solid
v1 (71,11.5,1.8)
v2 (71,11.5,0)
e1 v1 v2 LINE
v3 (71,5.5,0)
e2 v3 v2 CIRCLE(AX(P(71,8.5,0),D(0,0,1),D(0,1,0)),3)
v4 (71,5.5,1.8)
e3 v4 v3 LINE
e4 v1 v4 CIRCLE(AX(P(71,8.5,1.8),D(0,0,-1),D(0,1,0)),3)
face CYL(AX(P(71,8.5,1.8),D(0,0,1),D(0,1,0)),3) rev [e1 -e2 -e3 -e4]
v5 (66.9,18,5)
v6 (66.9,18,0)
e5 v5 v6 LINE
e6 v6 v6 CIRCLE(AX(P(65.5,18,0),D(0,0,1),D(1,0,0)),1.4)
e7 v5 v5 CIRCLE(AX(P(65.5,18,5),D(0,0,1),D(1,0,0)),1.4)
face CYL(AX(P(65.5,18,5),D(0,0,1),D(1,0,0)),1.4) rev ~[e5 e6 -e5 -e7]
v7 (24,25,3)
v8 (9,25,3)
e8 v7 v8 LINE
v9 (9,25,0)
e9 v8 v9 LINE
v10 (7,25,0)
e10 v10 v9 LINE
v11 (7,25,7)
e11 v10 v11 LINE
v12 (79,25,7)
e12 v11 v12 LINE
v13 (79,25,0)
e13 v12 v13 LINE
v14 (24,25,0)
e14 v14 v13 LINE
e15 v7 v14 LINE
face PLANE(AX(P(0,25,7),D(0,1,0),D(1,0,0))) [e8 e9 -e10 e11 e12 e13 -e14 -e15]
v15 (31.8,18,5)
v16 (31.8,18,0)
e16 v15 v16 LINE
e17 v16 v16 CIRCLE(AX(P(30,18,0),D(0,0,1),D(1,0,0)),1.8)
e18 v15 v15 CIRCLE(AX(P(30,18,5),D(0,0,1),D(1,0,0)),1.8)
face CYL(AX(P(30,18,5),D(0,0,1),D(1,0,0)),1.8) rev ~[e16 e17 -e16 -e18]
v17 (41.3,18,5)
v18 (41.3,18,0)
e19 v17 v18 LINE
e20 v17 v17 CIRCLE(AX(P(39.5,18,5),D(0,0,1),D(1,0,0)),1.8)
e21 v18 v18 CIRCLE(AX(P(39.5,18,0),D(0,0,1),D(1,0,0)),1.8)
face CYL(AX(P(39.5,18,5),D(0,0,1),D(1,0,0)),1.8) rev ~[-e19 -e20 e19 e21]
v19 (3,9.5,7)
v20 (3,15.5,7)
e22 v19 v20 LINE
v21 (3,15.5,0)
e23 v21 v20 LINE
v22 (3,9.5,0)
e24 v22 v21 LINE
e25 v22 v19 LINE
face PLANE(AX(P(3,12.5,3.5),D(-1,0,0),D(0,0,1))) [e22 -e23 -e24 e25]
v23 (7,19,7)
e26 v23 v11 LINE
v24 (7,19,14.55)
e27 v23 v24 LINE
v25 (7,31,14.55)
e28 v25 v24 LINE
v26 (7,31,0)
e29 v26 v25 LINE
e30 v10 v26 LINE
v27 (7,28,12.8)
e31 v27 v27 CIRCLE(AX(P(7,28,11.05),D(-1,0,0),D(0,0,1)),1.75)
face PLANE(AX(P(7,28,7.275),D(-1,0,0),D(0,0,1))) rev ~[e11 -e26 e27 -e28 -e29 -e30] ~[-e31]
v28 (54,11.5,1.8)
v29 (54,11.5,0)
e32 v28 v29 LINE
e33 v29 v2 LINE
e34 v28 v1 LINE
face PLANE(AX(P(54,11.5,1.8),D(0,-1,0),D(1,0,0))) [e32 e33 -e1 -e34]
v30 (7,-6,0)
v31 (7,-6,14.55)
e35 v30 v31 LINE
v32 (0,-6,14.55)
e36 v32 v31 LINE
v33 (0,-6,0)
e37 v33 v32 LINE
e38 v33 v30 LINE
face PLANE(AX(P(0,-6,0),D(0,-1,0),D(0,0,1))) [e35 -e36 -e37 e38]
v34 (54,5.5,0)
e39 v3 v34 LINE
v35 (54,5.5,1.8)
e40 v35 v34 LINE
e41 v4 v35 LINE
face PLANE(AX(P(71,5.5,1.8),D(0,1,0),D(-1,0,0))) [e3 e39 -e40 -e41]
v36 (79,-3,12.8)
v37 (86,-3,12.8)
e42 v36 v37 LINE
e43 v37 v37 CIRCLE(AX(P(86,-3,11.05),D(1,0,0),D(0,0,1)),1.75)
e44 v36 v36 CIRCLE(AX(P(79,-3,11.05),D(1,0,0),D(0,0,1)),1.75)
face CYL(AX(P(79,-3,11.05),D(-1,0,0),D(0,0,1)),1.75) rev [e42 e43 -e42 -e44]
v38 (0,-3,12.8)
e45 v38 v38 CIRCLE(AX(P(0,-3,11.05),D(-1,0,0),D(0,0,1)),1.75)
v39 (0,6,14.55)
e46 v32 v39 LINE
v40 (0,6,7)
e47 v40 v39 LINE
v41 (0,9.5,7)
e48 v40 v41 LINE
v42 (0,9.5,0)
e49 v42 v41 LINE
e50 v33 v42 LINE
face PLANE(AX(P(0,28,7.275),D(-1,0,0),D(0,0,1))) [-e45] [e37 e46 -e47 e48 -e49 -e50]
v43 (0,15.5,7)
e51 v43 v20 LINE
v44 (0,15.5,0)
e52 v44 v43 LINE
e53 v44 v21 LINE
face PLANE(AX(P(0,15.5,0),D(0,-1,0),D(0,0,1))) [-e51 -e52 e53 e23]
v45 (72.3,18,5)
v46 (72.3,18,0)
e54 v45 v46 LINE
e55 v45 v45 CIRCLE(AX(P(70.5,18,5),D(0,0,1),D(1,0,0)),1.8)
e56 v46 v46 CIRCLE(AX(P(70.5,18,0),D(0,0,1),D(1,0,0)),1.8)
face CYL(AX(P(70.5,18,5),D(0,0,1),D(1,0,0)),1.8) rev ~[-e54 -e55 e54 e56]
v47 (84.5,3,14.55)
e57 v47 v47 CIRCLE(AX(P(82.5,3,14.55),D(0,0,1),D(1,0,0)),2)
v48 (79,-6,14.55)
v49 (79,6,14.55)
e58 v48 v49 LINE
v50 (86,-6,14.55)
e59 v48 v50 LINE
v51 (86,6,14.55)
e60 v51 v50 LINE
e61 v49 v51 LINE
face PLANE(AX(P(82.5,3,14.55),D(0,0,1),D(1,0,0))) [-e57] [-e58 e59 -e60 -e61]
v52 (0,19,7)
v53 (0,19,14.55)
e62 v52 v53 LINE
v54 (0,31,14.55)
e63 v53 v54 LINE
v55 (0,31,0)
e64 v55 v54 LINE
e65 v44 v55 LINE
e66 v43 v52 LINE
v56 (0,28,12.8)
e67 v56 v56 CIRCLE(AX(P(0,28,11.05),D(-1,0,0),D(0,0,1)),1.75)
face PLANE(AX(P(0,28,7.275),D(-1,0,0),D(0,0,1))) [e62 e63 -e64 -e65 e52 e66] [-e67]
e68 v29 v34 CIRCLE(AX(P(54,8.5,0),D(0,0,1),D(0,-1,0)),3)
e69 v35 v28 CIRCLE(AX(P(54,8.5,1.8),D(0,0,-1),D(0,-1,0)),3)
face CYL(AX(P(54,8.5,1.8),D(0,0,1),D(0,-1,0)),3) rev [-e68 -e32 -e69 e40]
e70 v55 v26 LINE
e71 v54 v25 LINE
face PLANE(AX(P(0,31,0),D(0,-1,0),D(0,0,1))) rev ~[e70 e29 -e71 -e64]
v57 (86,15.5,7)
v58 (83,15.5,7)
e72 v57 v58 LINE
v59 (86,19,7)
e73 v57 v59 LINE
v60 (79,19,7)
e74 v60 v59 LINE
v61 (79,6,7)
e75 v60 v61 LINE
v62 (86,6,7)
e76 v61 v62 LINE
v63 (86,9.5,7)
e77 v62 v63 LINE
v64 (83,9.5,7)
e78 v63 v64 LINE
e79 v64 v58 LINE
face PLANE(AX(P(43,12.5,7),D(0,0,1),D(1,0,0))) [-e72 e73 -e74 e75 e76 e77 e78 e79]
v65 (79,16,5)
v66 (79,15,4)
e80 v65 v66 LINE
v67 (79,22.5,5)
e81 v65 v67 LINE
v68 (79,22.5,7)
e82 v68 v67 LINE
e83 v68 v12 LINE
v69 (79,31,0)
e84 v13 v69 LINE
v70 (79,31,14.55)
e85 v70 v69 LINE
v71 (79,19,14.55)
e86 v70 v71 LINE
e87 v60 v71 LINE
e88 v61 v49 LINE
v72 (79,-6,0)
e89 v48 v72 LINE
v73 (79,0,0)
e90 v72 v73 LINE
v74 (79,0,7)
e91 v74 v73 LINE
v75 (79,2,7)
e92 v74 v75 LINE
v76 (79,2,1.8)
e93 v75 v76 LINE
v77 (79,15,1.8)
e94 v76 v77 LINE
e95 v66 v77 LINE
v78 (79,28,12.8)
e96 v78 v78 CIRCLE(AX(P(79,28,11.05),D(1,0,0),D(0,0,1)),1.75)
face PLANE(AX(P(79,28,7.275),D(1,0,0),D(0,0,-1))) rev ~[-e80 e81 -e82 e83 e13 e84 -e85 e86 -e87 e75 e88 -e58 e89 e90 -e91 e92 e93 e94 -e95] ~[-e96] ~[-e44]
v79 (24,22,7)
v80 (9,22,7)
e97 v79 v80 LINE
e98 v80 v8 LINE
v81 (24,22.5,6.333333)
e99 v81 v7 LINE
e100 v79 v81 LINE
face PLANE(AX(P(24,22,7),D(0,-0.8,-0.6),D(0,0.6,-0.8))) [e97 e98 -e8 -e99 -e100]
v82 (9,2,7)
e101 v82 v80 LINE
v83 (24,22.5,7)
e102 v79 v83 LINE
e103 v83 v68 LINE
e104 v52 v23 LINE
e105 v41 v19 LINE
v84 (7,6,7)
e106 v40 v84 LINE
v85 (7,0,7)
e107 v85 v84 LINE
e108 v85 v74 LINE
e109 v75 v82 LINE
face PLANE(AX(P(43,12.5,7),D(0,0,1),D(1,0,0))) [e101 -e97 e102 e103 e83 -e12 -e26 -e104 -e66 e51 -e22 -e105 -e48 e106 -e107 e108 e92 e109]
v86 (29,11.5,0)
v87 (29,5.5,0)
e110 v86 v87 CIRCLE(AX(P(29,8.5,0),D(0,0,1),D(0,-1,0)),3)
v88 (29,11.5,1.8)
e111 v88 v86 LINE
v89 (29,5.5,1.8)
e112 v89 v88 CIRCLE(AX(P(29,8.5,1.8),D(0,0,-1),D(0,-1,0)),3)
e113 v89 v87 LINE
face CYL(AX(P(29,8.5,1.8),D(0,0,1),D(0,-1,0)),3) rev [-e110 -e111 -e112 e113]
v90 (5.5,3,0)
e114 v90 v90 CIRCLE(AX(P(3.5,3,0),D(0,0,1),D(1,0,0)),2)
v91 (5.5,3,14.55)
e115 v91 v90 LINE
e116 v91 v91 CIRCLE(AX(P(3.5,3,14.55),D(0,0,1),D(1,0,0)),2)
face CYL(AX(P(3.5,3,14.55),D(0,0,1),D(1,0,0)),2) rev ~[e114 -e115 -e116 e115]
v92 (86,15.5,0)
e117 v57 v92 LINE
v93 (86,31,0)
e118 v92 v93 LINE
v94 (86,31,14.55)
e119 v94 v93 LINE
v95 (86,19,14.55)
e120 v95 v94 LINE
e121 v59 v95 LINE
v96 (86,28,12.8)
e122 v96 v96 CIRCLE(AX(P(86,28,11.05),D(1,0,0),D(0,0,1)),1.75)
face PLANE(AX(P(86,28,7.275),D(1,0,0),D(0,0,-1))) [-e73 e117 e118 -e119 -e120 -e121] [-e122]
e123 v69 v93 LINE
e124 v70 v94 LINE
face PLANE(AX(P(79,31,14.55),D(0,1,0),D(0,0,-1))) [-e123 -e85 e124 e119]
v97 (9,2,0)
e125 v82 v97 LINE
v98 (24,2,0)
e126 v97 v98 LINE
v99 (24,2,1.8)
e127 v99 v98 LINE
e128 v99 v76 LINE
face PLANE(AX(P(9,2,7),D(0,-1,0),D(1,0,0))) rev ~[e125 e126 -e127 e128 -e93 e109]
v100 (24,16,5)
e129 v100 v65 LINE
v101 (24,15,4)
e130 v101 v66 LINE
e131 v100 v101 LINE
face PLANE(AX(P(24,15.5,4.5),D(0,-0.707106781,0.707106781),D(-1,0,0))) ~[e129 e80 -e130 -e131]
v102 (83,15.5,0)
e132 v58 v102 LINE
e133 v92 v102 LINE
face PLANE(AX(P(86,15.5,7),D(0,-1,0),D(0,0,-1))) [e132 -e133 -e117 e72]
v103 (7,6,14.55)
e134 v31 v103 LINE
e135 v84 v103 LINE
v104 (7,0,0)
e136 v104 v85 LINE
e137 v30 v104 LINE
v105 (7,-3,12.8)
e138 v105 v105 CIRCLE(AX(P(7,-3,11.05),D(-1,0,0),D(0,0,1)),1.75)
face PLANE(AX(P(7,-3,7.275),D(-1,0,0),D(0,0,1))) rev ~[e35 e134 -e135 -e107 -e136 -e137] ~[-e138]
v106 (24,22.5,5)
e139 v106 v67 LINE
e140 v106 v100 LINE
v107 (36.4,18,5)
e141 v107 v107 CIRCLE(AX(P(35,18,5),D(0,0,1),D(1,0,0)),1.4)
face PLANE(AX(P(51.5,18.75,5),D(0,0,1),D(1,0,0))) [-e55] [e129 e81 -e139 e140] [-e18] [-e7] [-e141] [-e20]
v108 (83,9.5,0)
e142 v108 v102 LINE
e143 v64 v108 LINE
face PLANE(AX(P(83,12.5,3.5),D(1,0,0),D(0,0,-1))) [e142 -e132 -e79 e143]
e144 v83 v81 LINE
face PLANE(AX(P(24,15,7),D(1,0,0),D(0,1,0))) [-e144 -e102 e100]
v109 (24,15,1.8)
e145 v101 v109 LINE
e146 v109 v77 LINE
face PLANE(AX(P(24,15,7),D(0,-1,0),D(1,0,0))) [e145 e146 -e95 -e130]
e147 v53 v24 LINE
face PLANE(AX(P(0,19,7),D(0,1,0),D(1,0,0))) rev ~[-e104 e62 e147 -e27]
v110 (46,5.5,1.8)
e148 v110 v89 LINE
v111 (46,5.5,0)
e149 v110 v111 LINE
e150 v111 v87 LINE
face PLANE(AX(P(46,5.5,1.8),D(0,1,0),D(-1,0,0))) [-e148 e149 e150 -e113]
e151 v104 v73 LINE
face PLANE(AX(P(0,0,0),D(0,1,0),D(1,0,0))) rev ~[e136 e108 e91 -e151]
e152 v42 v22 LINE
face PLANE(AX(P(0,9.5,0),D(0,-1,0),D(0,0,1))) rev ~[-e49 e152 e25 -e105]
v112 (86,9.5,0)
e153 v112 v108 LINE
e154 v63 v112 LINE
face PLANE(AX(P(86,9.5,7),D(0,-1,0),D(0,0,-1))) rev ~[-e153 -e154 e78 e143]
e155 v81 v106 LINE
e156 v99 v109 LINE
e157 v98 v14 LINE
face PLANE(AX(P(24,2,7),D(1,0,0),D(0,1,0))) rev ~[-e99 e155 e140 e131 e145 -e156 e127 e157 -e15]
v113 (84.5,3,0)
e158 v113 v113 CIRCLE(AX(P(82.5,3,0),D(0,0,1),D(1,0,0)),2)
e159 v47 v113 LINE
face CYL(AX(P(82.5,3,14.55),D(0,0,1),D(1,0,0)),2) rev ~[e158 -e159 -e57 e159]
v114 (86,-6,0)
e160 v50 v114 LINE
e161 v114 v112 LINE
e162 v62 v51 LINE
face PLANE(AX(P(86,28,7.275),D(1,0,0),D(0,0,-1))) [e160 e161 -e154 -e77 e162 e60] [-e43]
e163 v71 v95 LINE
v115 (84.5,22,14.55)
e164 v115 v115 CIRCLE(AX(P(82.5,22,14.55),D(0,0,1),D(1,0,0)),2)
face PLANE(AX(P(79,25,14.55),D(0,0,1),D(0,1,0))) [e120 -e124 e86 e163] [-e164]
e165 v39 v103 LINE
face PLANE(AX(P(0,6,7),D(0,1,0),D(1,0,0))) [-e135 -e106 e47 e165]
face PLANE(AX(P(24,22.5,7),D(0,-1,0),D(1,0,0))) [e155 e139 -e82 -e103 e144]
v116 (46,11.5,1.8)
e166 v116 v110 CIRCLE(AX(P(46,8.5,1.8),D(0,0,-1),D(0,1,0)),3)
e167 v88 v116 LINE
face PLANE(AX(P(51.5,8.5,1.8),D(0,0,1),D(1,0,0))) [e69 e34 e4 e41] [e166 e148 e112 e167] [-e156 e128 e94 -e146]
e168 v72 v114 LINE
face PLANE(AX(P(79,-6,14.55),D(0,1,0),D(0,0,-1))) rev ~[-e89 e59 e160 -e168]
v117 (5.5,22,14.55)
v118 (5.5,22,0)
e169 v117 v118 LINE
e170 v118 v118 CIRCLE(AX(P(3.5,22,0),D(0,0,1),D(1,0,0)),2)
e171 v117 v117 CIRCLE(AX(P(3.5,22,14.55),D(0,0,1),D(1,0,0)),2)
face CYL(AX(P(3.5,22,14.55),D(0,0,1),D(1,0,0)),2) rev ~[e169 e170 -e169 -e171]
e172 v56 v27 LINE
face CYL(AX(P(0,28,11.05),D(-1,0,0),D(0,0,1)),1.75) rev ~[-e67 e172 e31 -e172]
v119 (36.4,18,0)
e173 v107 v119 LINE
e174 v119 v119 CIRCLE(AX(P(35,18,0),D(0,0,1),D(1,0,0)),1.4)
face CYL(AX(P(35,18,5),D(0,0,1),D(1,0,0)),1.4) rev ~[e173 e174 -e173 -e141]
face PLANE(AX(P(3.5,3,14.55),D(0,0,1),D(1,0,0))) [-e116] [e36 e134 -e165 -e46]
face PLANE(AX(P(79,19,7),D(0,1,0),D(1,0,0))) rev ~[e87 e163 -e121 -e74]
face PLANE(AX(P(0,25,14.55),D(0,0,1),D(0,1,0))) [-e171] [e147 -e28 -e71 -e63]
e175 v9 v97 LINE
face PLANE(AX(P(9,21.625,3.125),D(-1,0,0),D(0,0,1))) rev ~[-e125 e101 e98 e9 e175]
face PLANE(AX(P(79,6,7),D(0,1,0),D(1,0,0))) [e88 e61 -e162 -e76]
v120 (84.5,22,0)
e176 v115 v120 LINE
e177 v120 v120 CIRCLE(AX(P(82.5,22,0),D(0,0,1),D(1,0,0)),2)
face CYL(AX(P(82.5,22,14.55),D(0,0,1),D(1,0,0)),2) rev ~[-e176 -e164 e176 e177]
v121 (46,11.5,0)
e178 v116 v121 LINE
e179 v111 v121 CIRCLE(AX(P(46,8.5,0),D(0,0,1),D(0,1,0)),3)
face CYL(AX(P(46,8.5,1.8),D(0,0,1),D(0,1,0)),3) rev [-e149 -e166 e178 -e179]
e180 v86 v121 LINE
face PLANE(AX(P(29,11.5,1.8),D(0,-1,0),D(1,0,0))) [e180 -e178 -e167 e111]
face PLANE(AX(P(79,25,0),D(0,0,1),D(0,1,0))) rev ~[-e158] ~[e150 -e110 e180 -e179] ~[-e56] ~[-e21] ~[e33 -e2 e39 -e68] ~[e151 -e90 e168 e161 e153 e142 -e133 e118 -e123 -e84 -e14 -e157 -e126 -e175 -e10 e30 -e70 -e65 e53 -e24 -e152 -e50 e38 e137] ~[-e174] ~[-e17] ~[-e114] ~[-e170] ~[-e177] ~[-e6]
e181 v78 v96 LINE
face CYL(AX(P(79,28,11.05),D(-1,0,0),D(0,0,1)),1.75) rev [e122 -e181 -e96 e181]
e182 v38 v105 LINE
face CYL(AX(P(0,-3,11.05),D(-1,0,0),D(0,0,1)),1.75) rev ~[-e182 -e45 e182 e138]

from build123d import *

# Parameters (mm, degrees)
SKETCH_1_W           = 86
SKETCH_1_H           = 25
EXTRUDE_1_DEPTH      = 7
SKETCH_2_W           = 15
SKETCH_2_H           = 17
CUT_EXTRUDE_1_DEPTH  = 90.833178726
SKETCH_3_W           = 55
SKETCH_3_H           = 13
CUT_EXTRUDE_2_DEPTH  = 5.2
SKETCH_4_W           = 55
SKETCH_4_H           = 7.5
CUT_EXTRUDE_3_DEPTH  = 2
CHAMFER_1_SIZE       = 1
SKETCH_5_R           = 1.8
CUT_EXTRUDE_4_DEPTH  = 90.699498326
SKETCH_6_R           = 1.4
CUT_EXTRUDE_5_DEPTH  = 90.699498326
CUT_EXTRUDE_6_DEPTH  = 90.710868907
SKETCH_8_W           = 7
SKETCH_8_H           = 6
EXTRUDE_2_DEPTH      = 7.55
SKETCH_9_R           = 2
CUT_EXTRUDE_7_DEPTH  = 91.734241056
SKETCH_10_W          = 14.55
SKETCH_10_H          = 6
SKETCH_10_R          = 1.75
EXTRUDE_3_DEPTH      = 7
EXTRUDE_START        = -7
SKETCH_12_W          = 14.55
SKETCH_12_H          = 6
SKETCH_12_R          = 1.75
EXTRUDE_5_DEPTH      = 7
SKETCH_13_W          = 7
SKETCH_13_H          = 6
CUT_EXTRUDE_8_DEPTH  = 3
SKETCH_14_W          = 7
SKETCH_14_H          = 6
CUT_EXTRUDE_9_DEPTH  = 3
CUT_EXTRUDE_10_DEPTH = 15


with BuildPart() as part:
    # 草图1 → 凸台-拉伸1 (new body)
    with BuildSketch(Plane.XY):
        with Locations((43, 12.5)):
            Rectangle(SKETCH_1_W, SKETCH_1_H)
    extrude(amount=EXTRUDE_1_DEPTH)

    # 草图2 → 切除-拉伸1 (cut, through all)
    with BuildSketch(Plane.XY.offset(7)):
        with Locations((16.5, 10.5)):
            Rectangle(SKETCH_2_W, SKETCH_2_H)
    extrude(amount=-CUT_EXTRUDE_1_DEPTH, mode=Mode.SUBTRACT)

    # 草图3 → 切除-拉伸2 (cut)
    with BuildSketch(Plane.XY.offset(7)):
        with Locations((51.5, 8.5)):
            Rectangle(SKETCH_3_W, SKETCH_3_H)
    extrude(amount=-CUT_EXTRUDE_2_DEPTH, mode=Mode.SUBTRACT)

    # 草图4 → 切除-拉伸3 (cut)
    with BuildSketch(Plane.XY.offset(7)):
        with Locations((51.5, 18.75)):
            Rectangle(SKETCH_4_W, SKETCH_4_H)
    extrude(amount=-CUT_EXTRUDE_3_DEPTH, mode=Mode.SUBTRACT)

    # 倒角1
    chamfer_1_edges = [part.edges().sort_by_distance(p)[0] for p in [
        (51.5, 15, 5),
    ]]
    chamfer(chamfer_1_edges, length=CHAMFER_1_SIZE)

    # 草图5 → 切除-拉伸4 (cut, through all)
    with BuildSketch(Plane.XY.offset(5)):
        with Locations((30, 18)):
            Circle(SKETCH_5_R)
        with Locations((39.5, 18)):
            Circle(SKETCH_5_R)
        with Locations((70.5, 18)):
            Circle(SKETCH_5_R)
    extrude(amount=-CUT_EXTRUDE_4_DEPTH, mode=Mode.SUBTRACT)

    # 草图6 → 切除-拉伸5 (cut, through all)
    with BuildSketch(Plane.XY.offset(5)):
        with Locations((35, 18)):
            Circle(SKETCH_6_R)
        with Locations((65.5, 18)):
            Circle(SKETCH_6_R)
    extrude(amount=-CUT_EXTRUDE_5_DEPTH, mode=Mode.SUBTRACT)

    # 草图7 → 切除-拉伸6 (cut, through all)
    with BuildSketch(Plane.XY.offset(1.8)):
        with BuildLine():
            Line((29, 11.5), (46, 11.5))
            ThreePointArc((46, 11.5), (49, 8.5), (46, 5.5))
            Line((46, 5.5), (29, 5.5))
            ThreePointArc((29, 5.5), (26, 8.5), (29, 11.5))
        make_face()
        with BuildLine():
            Line((54, 11.5), (71, 11.5))
            ThreePointArc((71, 11.5), (74, 8.5), (71, 5.5))
            Line((71, 5.5), (54, 5.5))
            ThreePointArc((54, 5.5), (51, 8.5), (54, 11.5))
        make_face()
    extrude(amount=-CUT_EXTRUDE_6_DEPTH, mode=Mode.SUBTRACT)

    # 草图8 → 凸台-拉伸2 (add)
    with BuildSketch(Plane.XY.offset(7)):
        with Locations((3.5, 22)):
            Rectangle(SKETCH_8_W, SKETCH_8_H)
        with Locations((82.5, 3)):
            Rectangle(SKETCH_8_W, SKETCH_8_H)
        with Locations((3.5, 3)):
            Rectangle(SKETCH_8_W, SKETCH_8_H)
        with Locations((82.5, 22)):
            Rectangle(SKETCH_8_W, SKETCH_8_H)
    extrude(amount=EXTRUDE_2_DEPTH)

    # 草图9 → 切除-拉伸7 (cut, through all)
    with BuildSketch(Plane.XY.offset(14.55)):
        with Locations((3.5, 22)):
            Circle(SKETCH_9_R)
        with Locations((82.5, 3)):
            Circle(SKETCH_9_R)
        with Locations((82.5, 22)):
            Circle(SKETCH_9_R)
        with Locations((3.5, 3)):
            Circle(SKETCH_9_R)
    extrude(amount=-CUT_EXTRUDE_7_DEPTH, mode=Mode.SUBTRACT)

    # 草图10 → 凸台-拉伸3 (add)
    # profile 1 of 2: a face of its own
    with BuildSketch(Plane.ZY):
        with Locations((7.275, 28)):
            Rectangle(SKETCH_10_W, SKETCH_10_H)
        with Locations((11.05, 28)):
            Circle(SKETCH_10_R, mode=Mode.SUBTRACT)
    # profile 2 of 2: a face of its own
    with BuildSketch(Plane.ZY):
        with Locations((7.275, -3)):
            Rectangle(SKETCH_10_W, SKETCH_10_H)
        with Locations((11.05, -3)):
            Circle(SKETCH_10_R, mode=Mode.SUBTRACT)
    extrude(amount=-EXTRUDE_3_DEPTH)

    # 草图12 → 凸台-拉伸5 (add)
    # profile 1 of 2: a face of its own
    with BuildSketch(Plane(origin=(86, 0, 0), x_dir=(0, 0, -1), z_dir=(1, 0, 0)).offset(EXTRUDE_START)):
        with Locations((-7.275, 28)):
            Rectangle(SKETCH_12_W, SKETCH_12_H)
        with Locations(Location((-11.05, 28, 0), (0, 0, 180))):
            Circle(SKETCH_12_R, mode=Mode.SUBTRACT)
    # profile 2 of 2: a face of its own
    with BuildSketch(Plane(origin=(86, 0, 0), x_dir=(0, 0, -1), z_dir=(1, 0, 0)).offset(EXTRUDE_START)):
        with Locations((-7.275, -3)):
            Rectangle(SKETCH_12_W, SKETCH_12_H)
        with Locations(Location((-11.05, -3, 0), (0, 0, 180))):
            Circle(SKETCH_12_R, mode=Mode.SUBTRACT)
    extrude(amount=EXTRUDE_5_DEPTH)

    # 草图13 → 切除-拉伸8 (cut)
    with BuildSketch(Plane.ZY):
        with Locations((3.5, 12.5)):
            Rectangle(SKETCH_13_W, SKETCH_13_H)
    extrude(amount=-CUT_EXTRUDE_8_DEPTH, mode=Mode.SUBTRACT)

    # 草图14 → 切除-拉伸9 (cut)
    with BuildSketch(Plane(origin=(86, 0, 0), x_dir=(0, 0, -1), z_dir=(1, 0, 0))):
        with Locations((-3.5, 12.5)):
            Rectangle(SKETCH_14_W, SKETCH_14_H)
    extrude(amount=-CUT_EXTRUDE_9_DEPTH, mode=Mode.SUBTRACT)

    # 草图20 → 切除-拉伸10 (cut)
    with BuildSketch(Plane.ZY.offset(-24)):
        Polygon((0, 19), (7, 19), (7, 22), (3, 25), (0, 25), align=None)
    extrude(amount=CUT_EXTRUDE_10_DEPTH, mode=Mode.SUBTRACT)


solid = part.part
